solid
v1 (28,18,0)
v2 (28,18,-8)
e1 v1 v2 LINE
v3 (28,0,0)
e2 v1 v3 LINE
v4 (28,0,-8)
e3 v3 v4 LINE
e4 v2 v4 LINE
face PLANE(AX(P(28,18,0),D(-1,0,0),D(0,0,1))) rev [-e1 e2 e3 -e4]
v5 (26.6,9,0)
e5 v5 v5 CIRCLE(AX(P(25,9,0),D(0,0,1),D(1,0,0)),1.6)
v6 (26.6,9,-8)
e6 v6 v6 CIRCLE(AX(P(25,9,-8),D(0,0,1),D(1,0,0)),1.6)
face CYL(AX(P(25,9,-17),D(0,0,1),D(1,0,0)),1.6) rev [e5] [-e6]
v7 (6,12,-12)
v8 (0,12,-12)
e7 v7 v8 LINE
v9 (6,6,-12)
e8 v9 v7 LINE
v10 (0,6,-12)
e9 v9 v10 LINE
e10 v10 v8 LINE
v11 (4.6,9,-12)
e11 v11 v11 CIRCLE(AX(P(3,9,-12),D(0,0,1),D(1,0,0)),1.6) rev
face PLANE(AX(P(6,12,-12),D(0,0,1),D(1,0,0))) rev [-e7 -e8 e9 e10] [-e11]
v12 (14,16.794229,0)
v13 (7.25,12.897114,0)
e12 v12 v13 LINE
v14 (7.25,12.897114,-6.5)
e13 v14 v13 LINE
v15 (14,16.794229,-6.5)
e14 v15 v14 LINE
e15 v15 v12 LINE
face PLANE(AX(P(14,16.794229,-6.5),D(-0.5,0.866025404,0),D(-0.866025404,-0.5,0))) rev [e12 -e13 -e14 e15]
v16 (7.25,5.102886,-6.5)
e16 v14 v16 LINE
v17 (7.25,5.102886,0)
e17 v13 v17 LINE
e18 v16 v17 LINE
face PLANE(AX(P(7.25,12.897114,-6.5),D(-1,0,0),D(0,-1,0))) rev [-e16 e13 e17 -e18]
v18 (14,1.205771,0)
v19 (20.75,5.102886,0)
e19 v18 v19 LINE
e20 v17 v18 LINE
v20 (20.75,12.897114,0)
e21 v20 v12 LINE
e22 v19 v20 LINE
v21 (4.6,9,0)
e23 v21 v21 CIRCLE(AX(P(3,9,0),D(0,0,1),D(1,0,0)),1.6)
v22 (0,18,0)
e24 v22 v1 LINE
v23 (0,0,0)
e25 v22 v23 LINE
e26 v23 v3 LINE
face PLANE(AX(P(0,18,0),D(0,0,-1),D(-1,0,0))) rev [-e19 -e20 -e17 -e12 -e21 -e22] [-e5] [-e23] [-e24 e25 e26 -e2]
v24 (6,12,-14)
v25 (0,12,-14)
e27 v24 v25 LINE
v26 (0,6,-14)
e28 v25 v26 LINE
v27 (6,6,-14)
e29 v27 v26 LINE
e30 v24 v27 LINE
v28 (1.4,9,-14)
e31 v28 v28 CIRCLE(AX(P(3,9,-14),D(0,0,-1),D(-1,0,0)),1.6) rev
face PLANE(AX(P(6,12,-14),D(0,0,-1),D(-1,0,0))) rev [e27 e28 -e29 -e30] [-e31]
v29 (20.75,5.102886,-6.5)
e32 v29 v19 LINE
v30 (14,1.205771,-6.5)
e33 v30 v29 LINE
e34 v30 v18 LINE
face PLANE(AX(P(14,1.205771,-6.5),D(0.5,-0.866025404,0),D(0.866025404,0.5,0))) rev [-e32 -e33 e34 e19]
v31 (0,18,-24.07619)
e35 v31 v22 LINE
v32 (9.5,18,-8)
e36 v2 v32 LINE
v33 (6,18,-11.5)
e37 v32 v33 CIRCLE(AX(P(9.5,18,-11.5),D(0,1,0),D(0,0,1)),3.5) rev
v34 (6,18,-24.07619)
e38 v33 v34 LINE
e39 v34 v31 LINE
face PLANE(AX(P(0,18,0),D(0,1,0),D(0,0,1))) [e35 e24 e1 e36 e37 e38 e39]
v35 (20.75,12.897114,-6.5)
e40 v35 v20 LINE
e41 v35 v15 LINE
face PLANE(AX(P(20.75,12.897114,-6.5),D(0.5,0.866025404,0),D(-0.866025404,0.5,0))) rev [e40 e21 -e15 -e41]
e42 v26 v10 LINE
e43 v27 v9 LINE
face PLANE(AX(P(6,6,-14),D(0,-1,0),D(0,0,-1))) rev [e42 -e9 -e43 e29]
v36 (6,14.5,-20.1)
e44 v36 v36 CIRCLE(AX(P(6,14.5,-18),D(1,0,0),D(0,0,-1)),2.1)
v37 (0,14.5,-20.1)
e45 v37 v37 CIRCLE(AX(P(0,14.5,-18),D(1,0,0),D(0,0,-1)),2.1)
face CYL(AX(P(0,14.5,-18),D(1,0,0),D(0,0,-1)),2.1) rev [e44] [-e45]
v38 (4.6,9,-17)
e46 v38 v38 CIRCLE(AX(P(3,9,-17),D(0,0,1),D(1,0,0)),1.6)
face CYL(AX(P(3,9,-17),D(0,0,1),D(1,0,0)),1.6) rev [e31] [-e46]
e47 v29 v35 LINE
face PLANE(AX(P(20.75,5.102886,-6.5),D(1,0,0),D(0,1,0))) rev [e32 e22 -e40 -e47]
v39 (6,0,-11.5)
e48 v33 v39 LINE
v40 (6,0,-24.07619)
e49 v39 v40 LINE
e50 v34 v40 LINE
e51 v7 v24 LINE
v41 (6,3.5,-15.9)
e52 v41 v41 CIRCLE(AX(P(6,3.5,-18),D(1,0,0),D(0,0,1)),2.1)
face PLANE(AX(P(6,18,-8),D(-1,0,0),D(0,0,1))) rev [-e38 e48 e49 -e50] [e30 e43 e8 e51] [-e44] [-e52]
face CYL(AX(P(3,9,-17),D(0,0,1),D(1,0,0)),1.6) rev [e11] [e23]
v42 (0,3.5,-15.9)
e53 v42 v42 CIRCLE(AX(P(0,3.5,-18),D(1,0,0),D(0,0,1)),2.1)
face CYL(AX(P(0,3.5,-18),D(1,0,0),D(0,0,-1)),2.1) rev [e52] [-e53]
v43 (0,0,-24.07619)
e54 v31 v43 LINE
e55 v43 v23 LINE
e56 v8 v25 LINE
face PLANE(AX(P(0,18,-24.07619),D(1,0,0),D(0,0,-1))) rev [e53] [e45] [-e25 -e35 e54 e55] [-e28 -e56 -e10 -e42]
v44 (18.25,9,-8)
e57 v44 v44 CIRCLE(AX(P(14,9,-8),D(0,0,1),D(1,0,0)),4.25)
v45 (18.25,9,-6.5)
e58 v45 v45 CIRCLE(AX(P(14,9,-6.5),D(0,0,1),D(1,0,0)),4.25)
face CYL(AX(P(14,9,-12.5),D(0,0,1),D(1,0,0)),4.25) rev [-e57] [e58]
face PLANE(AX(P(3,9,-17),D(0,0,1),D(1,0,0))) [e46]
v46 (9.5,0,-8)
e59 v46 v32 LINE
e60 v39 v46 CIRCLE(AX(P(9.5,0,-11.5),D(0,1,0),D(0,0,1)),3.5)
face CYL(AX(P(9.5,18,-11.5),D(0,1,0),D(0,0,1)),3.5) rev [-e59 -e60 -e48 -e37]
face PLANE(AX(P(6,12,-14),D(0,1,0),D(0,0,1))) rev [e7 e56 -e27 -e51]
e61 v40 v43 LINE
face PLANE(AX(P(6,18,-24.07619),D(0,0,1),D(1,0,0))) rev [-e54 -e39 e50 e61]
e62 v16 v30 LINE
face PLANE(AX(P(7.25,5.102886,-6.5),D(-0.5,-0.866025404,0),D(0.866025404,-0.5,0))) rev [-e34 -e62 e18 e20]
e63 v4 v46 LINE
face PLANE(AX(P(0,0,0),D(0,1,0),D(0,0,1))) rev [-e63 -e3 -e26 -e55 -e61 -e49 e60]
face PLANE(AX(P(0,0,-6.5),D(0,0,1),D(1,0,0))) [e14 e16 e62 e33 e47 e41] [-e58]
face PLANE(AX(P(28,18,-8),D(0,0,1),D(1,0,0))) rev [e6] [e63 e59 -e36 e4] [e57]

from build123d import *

# Parameters (mm, degrees)
BOSS_EXTRUDE1_DEPTH = 18
CUT_EXTRUDE1_DEPTH  = 6.5
SKETCH4_R           = 1.6
CUT_EXTRUDE2_DEPTH  = 17
SKETCH5_W           = 2
SKETCH5_H           = 6
CUT_EXTRUDE3_DEPTH  = 6
SKETCH6_R           = 4.25
CUT_EXTRUDE4_DEPTH  = 6
FILLET1_R           = 3.5
SKETCH7_R           = 2.1
CUT_EXTRUDE5_DEPTH  = 6


with BuildPart() as part:
    # Sketch1 → Boss-Extrude1 (new body)
    with BuildSketch(Plane(origin=(0, 0, 0), x_dir=(1, 0, 0), z_dir=(0, 1, 0))):
        Polygon((0, 24.076190476), (0, 0), (28, 0), (28, 8), (6, 8), (6, 24.076190476), align=None)
    extrude(amount=BOSS_EXTRUDE1_DEPTH)

    # Sketch3 → Cut-Extrude1 (cut)
    with BuildSketch(Plane.XY):
        Polygon((20.75, 5.102885683), (20.75, 12.897114317), (14, 16.794228634), (7.25, 12.897114317), (7.25, 5.102885683), (14, 1.205771366), align=None)
    extrude(amount=-CUT_EXTRUDE1_DEPTH, mode=Mode.SUBTRACT)

    # Sketch4 → Cut-Extrude2 (cut)
    with BuildSketch(Plane.XY):
        with Locations((25, 9)):
            Circle(SKETCH4_R)
        with Locations((3, 9)):
            Circle(SKETCH4_R)
    extrude(amount=-CUT_EXTRUDE2_DEPTH, mode=Mode.SUBTRACT)

    # Sketch5 → Cut-Extrude3 (cut)
    with BuildSketch(Plane.ZY):
        with Locations((-13, 9)):
            Rectangle(SKETCH5_W, SKETCH5_H)
    extrude(amount=-CUT_EXTRUDE3_DEPTH, mode=Mode.SUBTRACT)

    # Sketch6 → Cut-Extrude4 (cut)
    with BuildSketch(Plane.XY.offset(-6.5)):
        with Locations((14, 9)):
            Circle(SKETCH6_R)
    extrude(amount=-CUT_EXTRUDE4_DEPTH, mode=Mode.SUBTRACT)

    # Fillet1
    fillet1_edges = [part.edges().sort_by_distance(p)[0] for p in [
        (6, 9, -8),
    ]]
    fillet(fillet1_edges, radius=FILLET1_R)

    # Sketch7 → Cut-Extrude5 (cut)
    with BuildSketch(Plane(origin=(6, 0, 0), x_dir=(0, 0, -1), z_dir=(1, 0, 0))):
        with Locations((18, 14.5)):
            Circle(SKETCH7_R)
        with Locations(Location((18, 3.5, 0), (0, 0, 180))):
            Circle(SKETCH7_R)
    extrude(amount=-CUT_EXTRUDE5_DEPTH, mode=Mode.SUBTRACT)


solid = part.part
